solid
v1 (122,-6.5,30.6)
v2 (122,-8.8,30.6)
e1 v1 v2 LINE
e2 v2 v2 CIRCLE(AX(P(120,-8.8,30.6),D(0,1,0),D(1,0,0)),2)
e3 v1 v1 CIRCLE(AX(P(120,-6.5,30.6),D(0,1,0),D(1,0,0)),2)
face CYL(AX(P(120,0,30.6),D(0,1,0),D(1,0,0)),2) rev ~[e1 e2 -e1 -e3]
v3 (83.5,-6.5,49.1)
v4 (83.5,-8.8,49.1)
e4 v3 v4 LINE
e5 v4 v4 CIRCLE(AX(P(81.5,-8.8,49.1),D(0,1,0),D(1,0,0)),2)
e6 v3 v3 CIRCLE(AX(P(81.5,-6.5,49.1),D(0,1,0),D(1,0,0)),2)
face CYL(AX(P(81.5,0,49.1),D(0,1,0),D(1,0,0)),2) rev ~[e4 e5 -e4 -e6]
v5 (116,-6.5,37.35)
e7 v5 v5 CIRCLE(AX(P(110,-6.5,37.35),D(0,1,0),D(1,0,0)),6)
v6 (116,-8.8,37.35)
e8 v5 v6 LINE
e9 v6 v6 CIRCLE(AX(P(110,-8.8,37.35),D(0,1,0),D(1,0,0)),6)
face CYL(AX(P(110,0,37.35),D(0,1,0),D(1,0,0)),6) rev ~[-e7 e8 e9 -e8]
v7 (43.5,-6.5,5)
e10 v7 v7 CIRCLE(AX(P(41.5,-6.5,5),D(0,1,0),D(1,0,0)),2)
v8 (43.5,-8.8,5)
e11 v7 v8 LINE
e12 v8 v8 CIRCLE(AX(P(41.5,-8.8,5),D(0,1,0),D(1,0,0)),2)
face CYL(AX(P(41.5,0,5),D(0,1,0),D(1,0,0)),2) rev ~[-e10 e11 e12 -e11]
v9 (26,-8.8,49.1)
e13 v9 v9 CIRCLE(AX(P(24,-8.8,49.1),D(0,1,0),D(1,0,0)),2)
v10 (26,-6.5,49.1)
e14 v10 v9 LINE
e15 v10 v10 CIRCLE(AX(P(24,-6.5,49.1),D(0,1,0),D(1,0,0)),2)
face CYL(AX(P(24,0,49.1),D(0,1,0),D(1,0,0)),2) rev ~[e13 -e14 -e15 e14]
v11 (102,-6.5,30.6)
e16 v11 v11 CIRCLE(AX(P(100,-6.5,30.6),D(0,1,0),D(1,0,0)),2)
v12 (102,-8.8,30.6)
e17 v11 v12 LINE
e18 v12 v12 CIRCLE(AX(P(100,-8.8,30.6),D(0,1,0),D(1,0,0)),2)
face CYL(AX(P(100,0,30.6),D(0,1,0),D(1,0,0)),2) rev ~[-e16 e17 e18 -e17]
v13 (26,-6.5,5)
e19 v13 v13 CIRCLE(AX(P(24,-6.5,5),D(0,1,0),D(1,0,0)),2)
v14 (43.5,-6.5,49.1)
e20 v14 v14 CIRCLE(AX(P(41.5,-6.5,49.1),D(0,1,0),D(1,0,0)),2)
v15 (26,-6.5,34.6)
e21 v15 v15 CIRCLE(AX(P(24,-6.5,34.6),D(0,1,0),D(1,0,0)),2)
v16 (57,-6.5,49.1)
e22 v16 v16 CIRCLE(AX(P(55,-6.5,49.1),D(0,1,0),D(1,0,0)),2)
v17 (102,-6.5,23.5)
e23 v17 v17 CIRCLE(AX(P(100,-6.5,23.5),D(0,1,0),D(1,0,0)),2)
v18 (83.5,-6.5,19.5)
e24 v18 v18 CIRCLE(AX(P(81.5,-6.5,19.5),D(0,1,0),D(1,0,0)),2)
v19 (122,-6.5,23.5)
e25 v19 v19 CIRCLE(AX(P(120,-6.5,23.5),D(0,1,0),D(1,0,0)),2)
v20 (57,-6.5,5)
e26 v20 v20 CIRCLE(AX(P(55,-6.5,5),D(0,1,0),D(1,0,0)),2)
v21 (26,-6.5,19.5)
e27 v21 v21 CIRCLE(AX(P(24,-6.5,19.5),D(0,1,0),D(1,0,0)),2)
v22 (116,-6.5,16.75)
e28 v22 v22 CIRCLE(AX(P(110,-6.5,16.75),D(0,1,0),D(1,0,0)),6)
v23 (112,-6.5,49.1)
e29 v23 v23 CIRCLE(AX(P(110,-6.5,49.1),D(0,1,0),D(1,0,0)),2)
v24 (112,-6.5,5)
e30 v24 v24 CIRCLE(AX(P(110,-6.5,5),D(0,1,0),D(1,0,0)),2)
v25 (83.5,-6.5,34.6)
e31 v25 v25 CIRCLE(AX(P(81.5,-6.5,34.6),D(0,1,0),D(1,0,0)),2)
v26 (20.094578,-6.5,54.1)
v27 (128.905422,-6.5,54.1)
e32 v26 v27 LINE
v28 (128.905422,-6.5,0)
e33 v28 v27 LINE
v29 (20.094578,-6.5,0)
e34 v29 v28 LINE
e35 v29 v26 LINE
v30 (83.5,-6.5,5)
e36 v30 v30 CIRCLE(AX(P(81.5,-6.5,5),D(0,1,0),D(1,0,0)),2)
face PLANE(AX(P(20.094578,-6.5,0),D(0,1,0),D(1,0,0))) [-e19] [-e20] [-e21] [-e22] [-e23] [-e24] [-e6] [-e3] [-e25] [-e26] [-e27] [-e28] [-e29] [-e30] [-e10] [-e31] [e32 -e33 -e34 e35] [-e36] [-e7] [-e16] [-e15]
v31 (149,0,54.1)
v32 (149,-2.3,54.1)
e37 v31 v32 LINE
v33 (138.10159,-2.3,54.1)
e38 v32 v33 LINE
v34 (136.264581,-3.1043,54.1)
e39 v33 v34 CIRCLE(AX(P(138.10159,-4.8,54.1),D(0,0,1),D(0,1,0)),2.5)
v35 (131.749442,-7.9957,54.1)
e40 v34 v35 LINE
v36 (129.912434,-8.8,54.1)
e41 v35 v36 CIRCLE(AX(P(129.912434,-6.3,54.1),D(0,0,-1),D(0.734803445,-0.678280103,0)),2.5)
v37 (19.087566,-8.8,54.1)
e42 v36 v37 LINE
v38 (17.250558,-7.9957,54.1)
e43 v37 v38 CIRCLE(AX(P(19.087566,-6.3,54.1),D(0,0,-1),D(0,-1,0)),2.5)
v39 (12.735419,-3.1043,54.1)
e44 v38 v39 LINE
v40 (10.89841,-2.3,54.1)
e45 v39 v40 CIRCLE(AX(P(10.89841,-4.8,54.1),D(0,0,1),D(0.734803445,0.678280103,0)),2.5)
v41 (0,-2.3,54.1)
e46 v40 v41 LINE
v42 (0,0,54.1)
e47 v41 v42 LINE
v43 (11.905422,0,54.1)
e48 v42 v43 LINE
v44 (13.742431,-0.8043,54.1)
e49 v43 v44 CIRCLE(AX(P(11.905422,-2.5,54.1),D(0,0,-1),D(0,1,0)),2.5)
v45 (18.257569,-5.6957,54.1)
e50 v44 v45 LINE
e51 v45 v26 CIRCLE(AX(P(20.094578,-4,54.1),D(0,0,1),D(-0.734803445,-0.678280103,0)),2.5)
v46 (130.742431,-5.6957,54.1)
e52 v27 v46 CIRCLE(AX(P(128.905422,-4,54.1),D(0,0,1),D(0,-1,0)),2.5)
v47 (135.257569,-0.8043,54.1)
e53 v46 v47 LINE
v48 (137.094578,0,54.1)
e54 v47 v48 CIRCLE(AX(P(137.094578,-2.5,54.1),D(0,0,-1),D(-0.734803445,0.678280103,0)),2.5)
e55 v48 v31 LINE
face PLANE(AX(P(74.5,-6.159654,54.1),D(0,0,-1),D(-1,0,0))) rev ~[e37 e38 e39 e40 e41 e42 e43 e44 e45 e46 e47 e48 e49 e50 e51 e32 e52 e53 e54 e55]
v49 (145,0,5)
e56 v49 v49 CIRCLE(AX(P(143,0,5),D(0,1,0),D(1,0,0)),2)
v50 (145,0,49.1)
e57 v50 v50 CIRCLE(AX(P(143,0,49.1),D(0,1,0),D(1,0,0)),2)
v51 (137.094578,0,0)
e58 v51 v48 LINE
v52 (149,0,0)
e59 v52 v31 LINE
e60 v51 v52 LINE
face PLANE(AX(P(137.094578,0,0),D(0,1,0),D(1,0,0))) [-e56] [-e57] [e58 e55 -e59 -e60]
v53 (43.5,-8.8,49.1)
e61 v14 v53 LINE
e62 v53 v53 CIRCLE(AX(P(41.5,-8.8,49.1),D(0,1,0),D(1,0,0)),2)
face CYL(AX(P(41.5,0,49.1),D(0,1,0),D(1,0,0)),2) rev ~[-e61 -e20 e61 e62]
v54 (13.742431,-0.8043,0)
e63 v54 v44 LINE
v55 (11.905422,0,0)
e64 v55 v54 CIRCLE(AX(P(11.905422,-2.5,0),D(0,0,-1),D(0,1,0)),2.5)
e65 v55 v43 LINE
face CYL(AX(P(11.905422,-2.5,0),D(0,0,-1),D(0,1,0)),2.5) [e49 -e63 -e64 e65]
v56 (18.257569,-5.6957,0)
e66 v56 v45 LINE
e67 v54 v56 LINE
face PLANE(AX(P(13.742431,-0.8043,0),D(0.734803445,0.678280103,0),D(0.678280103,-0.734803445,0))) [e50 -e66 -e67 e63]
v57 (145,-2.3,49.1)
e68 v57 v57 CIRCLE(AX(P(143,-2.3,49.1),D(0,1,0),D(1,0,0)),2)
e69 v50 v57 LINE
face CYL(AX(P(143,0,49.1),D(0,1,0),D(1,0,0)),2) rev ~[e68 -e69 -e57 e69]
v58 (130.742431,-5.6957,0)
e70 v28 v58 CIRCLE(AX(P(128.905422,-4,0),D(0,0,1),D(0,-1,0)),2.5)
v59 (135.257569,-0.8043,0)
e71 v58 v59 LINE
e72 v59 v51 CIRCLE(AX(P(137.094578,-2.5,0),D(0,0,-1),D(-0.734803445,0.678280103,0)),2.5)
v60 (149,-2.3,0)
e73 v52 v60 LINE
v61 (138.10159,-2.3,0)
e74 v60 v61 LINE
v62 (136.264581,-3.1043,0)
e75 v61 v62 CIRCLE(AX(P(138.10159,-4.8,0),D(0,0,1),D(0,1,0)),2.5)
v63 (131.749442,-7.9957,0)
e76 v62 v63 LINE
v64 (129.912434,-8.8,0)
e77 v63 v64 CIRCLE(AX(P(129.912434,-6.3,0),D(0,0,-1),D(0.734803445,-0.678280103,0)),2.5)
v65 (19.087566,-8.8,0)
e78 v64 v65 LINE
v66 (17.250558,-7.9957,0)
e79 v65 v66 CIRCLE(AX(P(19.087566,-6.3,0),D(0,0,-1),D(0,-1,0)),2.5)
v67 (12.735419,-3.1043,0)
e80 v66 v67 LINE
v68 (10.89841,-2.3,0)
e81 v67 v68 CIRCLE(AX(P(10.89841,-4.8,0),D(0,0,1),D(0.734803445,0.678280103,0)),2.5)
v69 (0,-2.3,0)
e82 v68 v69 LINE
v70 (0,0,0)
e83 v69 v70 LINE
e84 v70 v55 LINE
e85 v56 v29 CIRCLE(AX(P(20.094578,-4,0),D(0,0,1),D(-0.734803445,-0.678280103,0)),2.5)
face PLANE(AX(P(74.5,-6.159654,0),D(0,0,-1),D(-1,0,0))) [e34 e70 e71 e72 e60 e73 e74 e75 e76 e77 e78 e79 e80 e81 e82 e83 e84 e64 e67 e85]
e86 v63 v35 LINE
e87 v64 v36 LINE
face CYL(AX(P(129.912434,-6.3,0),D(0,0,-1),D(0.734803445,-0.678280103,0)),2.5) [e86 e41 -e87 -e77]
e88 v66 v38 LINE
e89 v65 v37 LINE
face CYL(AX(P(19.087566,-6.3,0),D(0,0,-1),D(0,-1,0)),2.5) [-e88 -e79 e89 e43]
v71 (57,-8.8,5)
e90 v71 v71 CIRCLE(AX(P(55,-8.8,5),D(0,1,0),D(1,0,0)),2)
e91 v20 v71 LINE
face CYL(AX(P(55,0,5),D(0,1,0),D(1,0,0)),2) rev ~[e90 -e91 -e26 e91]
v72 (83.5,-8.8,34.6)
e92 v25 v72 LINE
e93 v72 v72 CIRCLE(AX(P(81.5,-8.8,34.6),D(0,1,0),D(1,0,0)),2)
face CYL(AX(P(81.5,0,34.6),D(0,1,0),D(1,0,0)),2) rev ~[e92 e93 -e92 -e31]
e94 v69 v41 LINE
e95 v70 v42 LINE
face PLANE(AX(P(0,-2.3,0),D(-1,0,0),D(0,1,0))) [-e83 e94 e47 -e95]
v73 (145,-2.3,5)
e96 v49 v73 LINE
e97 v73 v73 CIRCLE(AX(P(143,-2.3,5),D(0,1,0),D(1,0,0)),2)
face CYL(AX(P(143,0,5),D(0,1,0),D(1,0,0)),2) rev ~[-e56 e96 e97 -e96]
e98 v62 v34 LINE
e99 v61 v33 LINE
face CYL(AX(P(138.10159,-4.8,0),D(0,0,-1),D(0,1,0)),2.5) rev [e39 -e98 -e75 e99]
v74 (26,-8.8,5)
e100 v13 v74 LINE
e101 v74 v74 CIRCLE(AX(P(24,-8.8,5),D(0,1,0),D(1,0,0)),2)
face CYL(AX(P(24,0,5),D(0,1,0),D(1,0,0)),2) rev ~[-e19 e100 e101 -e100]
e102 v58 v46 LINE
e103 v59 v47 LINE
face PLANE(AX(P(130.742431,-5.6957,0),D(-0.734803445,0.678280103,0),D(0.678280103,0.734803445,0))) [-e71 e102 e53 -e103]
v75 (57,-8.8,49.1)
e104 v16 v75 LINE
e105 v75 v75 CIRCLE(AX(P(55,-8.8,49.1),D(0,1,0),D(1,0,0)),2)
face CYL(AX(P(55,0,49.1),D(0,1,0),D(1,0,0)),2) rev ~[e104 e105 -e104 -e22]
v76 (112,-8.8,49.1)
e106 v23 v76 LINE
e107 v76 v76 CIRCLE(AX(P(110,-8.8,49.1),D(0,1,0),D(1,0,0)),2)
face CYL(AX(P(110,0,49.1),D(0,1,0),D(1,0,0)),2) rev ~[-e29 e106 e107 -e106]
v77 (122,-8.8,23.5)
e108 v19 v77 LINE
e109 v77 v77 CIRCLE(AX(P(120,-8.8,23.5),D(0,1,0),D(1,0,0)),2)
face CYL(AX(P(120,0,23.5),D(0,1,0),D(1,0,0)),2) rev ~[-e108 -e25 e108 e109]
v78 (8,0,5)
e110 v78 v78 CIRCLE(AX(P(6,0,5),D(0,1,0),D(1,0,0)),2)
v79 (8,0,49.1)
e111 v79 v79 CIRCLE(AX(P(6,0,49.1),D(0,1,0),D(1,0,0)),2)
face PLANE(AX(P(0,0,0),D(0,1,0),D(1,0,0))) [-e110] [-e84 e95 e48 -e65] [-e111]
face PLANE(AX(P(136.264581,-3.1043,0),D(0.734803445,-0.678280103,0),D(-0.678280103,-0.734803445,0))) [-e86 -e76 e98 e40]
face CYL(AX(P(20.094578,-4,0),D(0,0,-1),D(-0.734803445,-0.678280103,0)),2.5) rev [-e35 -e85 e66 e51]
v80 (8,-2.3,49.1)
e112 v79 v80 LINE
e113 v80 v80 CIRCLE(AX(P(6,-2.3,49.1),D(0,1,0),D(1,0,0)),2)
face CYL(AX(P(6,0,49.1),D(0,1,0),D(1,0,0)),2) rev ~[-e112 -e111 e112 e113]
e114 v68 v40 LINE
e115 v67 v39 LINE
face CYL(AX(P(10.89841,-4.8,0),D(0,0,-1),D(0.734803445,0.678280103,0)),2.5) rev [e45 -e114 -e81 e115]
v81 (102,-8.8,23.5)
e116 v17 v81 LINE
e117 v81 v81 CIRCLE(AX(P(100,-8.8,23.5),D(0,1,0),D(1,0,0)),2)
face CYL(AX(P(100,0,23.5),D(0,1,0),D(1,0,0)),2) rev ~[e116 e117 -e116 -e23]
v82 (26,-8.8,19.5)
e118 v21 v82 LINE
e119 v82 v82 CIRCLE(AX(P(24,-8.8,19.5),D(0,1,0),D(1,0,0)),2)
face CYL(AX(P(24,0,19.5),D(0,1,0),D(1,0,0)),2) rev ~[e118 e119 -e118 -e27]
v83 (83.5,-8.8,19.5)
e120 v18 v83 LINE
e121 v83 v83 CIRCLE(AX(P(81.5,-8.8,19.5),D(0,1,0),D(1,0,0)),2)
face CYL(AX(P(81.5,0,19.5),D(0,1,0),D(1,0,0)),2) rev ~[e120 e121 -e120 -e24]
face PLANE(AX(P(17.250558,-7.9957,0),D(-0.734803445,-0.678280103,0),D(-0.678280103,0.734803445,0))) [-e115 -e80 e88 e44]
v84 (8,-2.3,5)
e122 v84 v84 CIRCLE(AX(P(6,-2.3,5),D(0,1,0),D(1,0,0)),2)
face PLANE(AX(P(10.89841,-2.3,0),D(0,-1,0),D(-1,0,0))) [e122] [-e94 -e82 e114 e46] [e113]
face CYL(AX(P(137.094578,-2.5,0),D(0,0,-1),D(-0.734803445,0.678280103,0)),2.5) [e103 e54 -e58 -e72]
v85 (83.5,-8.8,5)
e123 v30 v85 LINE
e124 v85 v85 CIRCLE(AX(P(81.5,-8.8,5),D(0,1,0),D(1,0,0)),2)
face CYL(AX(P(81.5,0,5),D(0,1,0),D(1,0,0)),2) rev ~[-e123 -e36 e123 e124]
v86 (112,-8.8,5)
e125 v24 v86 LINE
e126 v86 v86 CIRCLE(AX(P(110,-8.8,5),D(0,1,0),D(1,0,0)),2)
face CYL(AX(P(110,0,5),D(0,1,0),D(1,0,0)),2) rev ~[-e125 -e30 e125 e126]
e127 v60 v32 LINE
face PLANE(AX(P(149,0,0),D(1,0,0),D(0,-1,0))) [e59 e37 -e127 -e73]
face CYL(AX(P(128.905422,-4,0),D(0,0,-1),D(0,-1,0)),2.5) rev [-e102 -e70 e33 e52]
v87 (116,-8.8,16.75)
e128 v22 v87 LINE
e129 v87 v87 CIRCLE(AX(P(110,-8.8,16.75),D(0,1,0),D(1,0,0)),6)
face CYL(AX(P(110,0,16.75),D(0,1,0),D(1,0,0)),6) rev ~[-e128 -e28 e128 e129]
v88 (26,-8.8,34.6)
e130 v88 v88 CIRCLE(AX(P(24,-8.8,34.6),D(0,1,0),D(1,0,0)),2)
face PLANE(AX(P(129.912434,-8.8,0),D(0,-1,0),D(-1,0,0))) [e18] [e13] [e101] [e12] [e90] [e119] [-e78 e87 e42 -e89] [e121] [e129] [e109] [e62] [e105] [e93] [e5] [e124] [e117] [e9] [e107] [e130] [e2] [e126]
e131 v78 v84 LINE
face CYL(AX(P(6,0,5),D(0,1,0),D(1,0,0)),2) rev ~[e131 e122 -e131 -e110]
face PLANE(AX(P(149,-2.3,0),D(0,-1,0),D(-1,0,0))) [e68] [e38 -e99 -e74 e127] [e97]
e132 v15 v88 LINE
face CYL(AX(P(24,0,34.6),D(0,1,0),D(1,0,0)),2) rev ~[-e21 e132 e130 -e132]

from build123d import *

# Parameters (mm, degrees)
BOSS_EXTRU_1_DEPTH      = 54.1
ESQUISSE2_R             = 2
ESQUISSE2_R_2           = 6
ENL_V_MAT_EXTRU_1_DEPTH = 9.8


with BuildPart() as part:
    # Esquisse1 → Boss.-Extru.1 (new body)
    with BuildSketch(Plane.XY):
        with BuildLine():
            Line((0, 0), (11.905421921, 0))
            ThreePointArc((11.905421921, 0), (12.908105659, -0.209885304), (13.742430532, -0.804299743))
            Line((13.742430532, -0.804299743), (18.257569468, -5.695700257))
            ThreePointArc((18.257569468, -5.695700257), (19.091894341, -6.290114696), (20.094578079, -6.5))
            Line((20.094578079, -6.5), (128.905421921, -6.5))
            ThreePointArc((128.905421921, -6.5), (129.908105659, -6.290114696), (130.742430532, -5.695700257))
            Line((130.742430532, -5.695700257), (135.257569468, -0.804299743))
            ThreePointArc((135.257569468, -0.804299743), (136.091894341, -0.209885304), (137.094578079, 0))
            Line((137.094578079, 0), (149, 0))
            Line((149, 0), (149, -2.3))
            Line((149, -2.3), (138.101589912, -2.3))
            ThreePointArc((138.101589912, -2.3), (137.098906174, -2.509885304), (136.264581301, -3.104299743))
            Line((136.264581301, -3.104299743), (131.749442365, -7.995700257))
            ThreePointArc((131.749442365, -7.995700257), (130.915117492, -8.590114696), (129.912433754, -8.8))
            Line((129.912433754, -8.8), (19.087566246, -8.8))
            ThreePointArc((19.087566246, -8.8), (18.084882508, -8.590114696), (17.250557635, -7.995700257))
            Line((17.250557635, -7.995700257), (12.735418699, -3.104299743))
            ThreePointArc((12.735418699, -3.104299743), (11.901093826, -2.509885304), (10.898410088, -2.3))
            Line((10.898410088, -2.3), (0, -2.3))
            Line((0, -2.3), (0, 0))
        make_face()
    extrude(amount=BOSS_EXTRU_1_DEPTH)

    # Esquisse2 → Enlèv. mat.-Extru.1 (cut, through all)
    with BuildSketch(Plane(origin=(0, 0, 0), x_dir=(1, 0, 0), z_dir=(0, 1, 0))):
        with Locations((6, -5)):
            Circle(ESQUISSE2_R)
        with Locations((24, -5)):
            Circle(ESQUISSE2_R)
        with Locations((41.5, -5)):
            Circle(ESQUISSE2_R)
        with Locations((55, -5)):
            Circle(ESQUISSE2_R)
        with Locations((81.5, -5)):
            Circle(ESQUISSE2_R)
        with Locations((110, -5)):
            Circle(ESQUISSE2_R)
        with Locations((143, -5)):
            Circle(ESQUISSE2_R)
        with Locations((120, -30.6)):
            Circle(ESQUISSE2_R)
        with Locations((100, -30.6)):
            Circle(ESQUISSE2_R)
        with Locations((110, -37.35)):
            Circle(ESQUISSE2_R_2)
        with Locations((81.5, -34.6)):
            Circle(ESQUISSE2_R)
        with Locations((24, -34.6)):
            Circle(ESQUISSE2_R)
        with Locations((143, -49.1)):
            Circle(ESQUISSE2_R)
        with Locations((110, -49.1)):
            Circle(ESQUISSE2_R)
        with Locations((24, -19.5)):
            Circle(ESQUISSE2_R)
        with Locations((81.5, -19.5)):
            Circle(ESQUISSE2_R)
        with Locations((110, -16.75)):
            Circle(ESQUISSE2_R_2)
        with Locations((120, -23.5)):
            Circle(ESQUISSE2_R)
        with Locations((100, -23.5)):
            Circle(ESQUISSE2_R)
        with Locations((81.5, -49.1)):
            Circle(ESQUISSE2_R)
        with Locations((55, -49.1)):
            Circle(ESQUISSE2_R)
        with Locations((41.5, -49.1)):
            Circle(ESQUISSE2_R)
        with Locations((24, -49.1)):
            Circle(ESQUISSE2_R)
        with Locations((6, -49.1)):
            Circle(ESQUISSE2_R)
    extrude(amount=-ENL_V_MAT_EXTRU_1_DEPTH, mode=Mode.SUBTRACT)


solid = part.part
